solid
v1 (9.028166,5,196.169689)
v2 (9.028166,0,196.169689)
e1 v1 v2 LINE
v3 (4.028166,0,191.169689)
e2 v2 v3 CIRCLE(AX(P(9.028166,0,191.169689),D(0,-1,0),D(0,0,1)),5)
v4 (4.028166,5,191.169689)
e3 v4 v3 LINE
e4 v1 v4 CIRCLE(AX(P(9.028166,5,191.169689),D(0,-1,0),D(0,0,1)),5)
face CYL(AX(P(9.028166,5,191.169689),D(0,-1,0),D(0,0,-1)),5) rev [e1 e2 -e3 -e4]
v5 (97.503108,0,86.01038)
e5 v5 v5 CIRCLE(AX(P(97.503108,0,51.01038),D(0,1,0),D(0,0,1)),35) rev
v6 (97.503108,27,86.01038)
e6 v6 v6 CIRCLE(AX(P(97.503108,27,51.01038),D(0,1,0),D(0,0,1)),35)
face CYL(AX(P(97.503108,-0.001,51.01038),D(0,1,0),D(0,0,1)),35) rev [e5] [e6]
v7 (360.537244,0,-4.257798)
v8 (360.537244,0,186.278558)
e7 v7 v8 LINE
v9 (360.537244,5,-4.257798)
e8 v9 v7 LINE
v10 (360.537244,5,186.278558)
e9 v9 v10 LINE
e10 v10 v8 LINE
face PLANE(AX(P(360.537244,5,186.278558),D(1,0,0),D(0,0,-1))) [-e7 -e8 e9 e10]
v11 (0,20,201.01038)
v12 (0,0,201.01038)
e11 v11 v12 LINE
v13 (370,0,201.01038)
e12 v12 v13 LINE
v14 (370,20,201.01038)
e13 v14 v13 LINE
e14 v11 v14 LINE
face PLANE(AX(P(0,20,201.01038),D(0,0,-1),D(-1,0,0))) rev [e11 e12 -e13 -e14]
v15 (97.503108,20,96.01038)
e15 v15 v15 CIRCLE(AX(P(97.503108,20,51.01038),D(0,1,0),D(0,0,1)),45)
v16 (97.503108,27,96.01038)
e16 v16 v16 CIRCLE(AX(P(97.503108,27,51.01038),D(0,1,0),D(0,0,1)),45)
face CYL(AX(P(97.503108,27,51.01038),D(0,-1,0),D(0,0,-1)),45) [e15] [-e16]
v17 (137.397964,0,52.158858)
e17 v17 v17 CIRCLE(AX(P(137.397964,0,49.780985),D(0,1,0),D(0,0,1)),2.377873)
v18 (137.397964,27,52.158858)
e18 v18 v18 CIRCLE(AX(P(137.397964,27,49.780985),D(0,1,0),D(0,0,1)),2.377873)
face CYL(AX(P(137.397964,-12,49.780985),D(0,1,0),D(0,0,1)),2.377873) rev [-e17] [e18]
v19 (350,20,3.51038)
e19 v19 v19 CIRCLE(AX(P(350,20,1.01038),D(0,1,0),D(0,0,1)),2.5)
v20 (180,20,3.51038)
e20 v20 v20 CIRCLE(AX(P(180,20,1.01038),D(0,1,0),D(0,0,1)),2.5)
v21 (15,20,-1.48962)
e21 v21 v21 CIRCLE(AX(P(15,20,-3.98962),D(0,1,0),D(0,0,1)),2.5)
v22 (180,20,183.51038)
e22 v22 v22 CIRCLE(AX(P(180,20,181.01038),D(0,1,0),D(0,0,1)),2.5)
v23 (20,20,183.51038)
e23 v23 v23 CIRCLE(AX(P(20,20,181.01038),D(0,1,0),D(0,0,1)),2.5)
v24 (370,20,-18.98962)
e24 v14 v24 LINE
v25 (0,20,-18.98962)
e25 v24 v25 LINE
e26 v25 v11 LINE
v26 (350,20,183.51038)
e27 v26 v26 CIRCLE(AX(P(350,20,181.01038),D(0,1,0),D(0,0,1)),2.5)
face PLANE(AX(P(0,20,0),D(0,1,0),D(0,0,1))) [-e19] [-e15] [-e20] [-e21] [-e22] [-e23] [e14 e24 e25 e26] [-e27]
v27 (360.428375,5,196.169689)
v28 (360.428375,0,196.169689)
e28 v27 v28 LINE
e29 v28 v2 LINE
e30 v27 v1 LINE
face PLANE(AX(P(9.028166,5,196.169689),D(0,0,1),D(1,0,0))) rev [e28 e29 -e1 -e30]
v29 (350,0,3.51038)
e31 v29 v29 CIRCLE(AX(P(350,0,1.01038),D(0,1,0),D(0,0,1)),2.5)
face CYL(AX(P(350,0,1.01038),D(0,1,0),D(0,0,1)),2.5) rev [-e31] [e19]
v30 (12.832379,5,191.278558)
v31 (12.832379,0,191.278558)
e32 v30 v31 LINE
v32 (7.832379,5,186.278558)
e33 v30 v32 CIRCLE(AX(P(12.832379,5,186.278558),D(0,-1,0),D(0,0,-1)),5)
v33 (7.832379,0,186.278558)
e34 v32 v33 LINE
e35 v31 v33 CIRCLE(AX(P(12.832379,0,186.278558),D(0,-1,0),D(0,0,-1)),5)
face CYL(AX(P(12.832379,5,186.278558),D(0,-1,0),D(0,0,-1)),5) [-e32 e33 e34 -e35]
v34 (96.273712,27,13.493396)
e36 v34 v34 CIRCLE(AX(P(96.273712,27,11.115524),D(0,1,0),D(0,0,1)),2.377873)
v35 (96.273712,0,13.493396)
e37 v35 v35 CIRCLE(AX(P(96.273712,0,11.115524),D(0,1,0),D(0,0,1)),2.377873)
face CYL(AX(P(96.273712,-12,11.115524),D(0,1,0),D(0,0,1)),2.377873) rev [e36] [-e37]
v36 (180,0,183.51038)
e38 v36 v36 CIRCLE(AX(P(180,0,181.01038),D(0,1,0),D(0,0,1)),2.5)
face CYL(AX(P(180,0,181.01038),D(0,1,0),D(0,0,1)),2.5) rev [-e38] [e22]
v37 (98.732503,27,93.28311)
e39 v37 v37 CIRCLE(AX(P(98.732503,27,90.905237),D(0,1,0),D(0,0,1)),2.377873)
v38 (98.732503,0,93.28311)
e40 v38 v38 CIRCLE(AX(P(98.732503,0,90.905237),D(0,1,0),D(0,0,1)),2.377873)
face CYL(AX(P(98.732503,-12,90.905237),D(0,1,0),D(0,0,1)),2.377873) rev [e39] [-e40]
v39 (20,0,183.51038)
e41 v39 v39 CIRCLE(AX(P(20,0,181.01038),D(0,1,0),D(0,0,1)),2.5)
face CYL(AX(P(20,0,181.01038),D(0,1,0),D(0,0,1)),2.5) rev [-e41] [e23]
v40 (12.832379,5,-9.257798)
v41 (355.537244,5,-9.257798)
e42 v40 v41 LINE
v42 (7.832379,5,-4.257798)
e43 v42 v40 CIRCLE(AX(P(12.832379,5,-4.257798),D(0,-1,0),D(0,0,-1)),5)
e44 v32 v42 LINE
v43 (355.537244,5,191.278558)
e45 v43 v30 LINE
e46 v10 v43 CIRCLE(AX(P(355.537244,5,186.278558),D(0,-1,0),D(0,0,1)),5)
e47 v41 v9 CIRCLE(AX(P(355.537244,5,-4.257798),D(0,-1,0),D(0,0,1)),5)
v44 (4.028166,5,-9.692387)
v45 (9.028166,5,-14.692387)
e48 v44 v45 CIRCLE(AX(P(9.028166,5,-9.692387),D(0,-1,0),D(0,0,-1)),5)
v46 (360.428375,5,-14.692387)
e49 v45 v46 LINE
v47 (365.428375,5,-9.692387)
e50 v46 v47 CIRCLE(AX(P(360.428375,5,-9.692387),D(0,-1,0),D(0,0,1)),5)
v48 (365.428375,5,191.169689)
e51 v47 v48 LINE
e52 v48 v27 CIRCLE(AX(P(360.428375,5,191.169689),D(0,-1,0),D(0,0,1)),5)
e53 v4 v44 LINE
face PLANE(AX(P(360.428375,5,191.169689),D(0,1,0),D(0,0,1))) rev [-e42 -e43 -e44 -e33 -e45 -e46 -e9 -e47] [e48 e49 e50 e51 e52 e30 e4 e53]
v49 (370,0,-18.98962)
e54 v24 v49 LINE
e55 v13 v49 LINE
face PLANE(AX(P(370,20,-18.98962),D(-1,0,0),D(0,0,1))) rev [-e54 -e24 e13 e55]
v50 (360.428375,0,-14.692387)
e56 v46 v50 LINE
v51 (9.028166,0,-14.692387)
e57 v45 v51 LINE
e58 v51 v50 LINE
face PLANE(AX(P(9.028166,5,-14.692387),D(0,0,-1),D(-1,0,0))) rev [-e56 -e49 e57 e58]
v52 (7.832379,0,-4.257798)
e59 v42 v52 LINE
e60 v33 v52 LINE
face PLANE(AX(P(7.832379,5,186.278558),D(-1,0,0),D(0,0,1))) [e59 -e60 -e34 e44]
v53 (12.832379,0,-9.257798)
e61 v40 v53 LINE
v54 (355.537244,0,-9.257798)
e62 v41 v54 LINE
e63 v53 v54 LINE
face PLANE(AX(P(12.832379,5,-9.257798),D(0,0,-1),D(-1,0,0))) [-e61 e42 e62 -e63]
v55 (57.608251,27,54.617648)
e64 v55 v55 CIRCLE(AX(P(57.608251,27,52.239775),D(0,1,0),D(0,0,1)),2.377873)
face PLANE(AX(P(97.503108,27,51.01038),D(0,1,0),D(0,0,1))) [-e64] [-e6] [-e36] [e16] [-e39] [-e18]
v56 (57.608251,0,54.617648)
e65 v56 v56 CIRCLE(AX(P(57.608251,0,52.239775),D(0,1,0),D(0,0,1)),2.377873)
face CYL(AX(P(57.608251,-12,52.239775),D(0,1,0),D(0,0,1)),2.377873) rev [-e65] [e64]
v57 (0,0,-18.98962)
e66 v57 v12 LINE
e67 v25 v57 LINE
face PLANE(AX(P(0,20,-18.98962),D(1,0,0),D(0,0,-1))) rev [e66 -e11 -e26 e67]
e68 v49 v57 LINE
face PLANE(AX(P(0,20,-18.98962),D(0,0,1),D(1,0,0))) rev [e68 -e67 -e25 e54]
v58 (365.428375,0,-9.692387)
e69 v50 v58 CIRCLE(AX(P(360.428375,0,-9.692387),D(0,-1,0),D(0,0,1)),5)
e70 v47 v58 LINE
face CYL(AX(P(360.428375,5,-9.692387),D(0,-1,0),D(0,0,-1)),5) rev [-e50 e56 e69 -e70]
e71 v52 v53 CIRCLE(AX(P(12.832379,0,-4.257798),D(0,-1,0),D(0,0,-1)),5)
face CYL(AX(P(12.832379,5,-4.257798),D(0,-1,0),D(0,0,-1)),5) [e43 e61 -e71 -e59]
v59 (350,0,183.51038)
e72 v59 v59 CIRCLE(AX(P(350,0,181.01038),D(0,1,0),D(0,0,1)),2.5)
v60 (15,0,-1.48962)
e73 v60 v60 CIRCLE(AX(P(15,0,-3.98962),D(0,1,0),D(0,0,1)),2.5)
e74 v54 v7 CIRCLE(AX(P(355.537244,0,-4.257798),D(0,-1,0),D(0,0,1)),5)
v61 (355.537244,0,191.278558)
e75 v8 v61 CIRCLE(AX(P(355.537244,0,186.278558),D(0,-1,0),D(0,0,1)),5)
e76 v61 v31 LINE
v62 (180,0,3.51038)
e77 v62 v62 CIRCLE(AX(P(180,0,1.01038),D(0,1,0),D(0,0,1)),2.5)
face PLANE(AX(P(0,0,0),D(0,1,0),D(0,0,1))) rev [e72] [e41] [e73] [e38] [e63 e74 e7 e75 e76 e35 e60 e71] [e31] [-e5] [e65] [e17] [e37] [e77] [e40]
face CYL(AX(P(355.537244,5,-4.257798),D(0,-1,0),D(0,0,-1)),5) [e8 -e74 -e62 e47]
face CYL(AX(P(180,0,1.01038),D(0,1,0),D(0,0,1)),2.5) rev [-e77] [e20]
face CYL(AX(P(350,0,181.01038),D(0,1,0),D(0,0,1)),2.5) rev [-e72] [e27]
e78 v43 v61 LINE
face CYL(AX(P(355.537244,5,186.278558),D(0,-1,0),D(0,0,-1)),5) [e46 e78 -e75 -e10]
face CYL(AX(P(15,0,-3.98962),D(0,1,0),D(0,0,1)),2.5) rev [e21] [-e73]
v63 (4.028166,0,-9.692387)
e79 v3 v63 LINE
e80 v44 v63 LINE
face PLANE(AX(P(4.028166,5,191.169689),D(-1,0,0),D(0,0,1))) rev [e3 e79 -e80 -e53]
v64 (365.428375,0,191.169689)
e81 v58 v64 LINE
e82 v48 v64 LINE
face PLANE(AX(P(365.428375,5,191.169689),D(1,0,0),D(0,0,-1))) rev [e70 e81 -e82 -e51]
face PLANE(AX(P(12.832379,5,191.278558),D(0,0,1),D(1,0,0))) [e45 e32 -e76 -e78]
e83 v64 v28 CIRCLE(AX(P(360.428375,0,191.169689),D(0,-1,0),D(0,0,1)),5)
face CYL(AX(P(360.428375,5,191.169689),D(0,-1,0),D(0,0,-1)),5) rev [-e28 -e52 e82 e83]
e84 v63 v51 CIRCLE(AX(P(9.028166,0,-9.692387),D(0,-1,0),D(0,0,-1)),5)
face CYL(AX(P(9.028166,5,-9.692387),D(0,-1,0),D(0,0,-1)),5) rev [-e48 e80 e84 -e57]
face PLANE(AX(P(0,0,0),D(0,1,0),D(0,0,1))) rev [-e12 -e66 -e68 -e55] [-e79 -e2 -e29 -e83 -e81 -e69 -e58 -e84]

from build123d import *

# Parameters (mm, degrees)
SKETCH_2_W          = 370
SKETCH_2_H          = 220
EXTRUDE_1_DEPTH     = 20
SKETCH_3_R          = 2.5
CUT_EXTRUDE_1_DEPTH = 20
CUT_EXTRUDE_2_REACH = 423.551
SKETCH_4_R          = 35
SKETCH_5_R          = 45
EXTRUDE_2_DEPTH     = 7
SKETCH_6_R          = 35
CUT_EXTRUDE_3_DEPTH = 39
SKETCH_7_R          = 2.377872616
CUT_EXTRUDE_4_DEPTH = 39
CUT_EXTRUDE_5_DEPTH = 5


with BuildPart() as part:
    # 草图2 → 凸台-拉伸1 (new body)
    with BuildSketch(Plane(origin=(0, 0, 0), x_dir=(1, 0, 0), z_dir=(0, 1, 0))):
        with Locations((185, -91.010380349)):
            Rectangle(SKETCH_2_W, SKETCH_2_H)
    extrude(amount=EXTRUDE_1_DEPTH)

    # 草图3 → 切除-拉伸1 (cut)
    with BuildSketch(Plane(origin=(0, 20, 0), x_dir=(1, 0, 0), z_dir=(0, 1, 0))):
        with Locations(Location((15, 3.989619651, 0), (0, 0, 270))):
            Circle(SKETCH_3_R)
        with Locations(Location((20, -181.010380349, 0), (0, 0, 270))):
            Circle(SKETCH_3_R)
        with Locations(Location((350, -1.010380349, 0), (0, 0, 270))):
            Circle(SKETCH_3_R)
        with Locations(Location((350, -181.010380349, 0), (0, 0, 270))):
            Circle(SKETCH_3_R)
        with Locations(Location((180, -1.010380349, 0), (0, 0, 270))):
            Circle(SKETCH_3_R)
        with Locations(Location((180, -181.010380349, 0), (0, 0, 270))):
            Circle(SKETCH_3_R)
    extrude(amount=-CUT_EXTRUDE_1_DEPTH, mode=Mode.SUBTRACT)

    # 草图4 → 切除-拉伸2 (cut, up to next)
    with BuildSketch(Plane(origin=(0, 20, 0), x_dir=(1, 0, 0), z_dir=(0, 1, 0)), mode=Mode.PRIVATE) as cut_extrude_2_sk1:
        with Locations(Location((97.503107502, -51.010380349, 0), (0, 0, 270))):
            Circle(SKETCH_4_R)
    cut_extrude_2_tool1 = extrude(cut_extrude_2_sk1.sketch, amount=-CUT_EXTRUDE_2_REACH, mode=Mode.PRIVATE) & part.part
    add(cut_extrude_2_tool1.solids().sort_by_distance((97.503108, 20, 51.01038))[0], mode=Mode.SUBTRACT)

    # 草图5 → 凸台-拉伸2 (add)
    with BuildSketch(Plane(origin=(0, 20, 0), x_dir=(1, 0, 0), z_dir=(0, 1, 0))):
        with Locations(Location((97.503107502, -51.010380349, 0), (0, 0, 270))):
            Circle(SKETCH_5_R)
    extrude(amount=EXTRUDE_2_DEPTH)

    # 草图6 → 切除-拉伸3 (cut)
    with BuildSketch(Plane(origin=(0, 27, 0), x_dir=(1, 0, 0), z_dir=(0, 1, 0))):
        with Locations(Location((97.503107502, -51.010380349, 0), (0, 0, 270))):
            Circle(SKETCH_6_R)
    extrude(amount=-CUT_EXTRUDE_3_DEPTH, mode=Mode.SUBTRACT)

    # 草图7 → 切除-拉伸4 (cut)
    with BuildSketch(Plane(origin=(0, 27, 0), x_dir=(1, 0, 0), z_dir=(0, 1, 0))):
        with Locations(Location((96.273712382, -11.115523536, 0), (0, 0, 270))):
            Circle(SKETCH_7_R)
        with Locations(Location((137.397964314, -49.78098523, 0), (0, 0, 270))):
            Circle(SKETCH_7_R)
        with Locations(Location((98.732502621, -90.905237161, 0), (0, 0, 270))):
            Circle(SKETCH_7_R)
        with Locations(Location((57.608250689, -52.239775468, 0), (0, 0, 270))):
            Circle(SKETCH_7_R)
    extrude(amount=-CUT_EXTRUDE_4_DEPTH, mode=Mode.SUBTRACT)

    # 草图9 → 切除-拉伸5 (cut)
    with BuildSketch(Plane(origin=(0, 0, 0), x_dir=(-1, 0, 0), z_dir=(0, -1, 0))):
        with BuildLine():
            Line((-9.028166447, -196.169689035), (-360.428374593, -196.169689035))
            ThreePointArc((-360.428374593, -196.169689035), (-363.963908499, -194.705222941), (-365.428374593, -191.169689035))
            Line((-365.428374593, -191.169689035), (-365.428374593, 9.692387297))
            ThreePointArc((-365.428374593, 9.692387297), (-363.963908499, 13.227921203), (-360.428374593, 14.692387297))
            Line((-360.428374593, 14.692387297), (-9.028166447, 14.692387297))
            ThreePointArc((-9.028166447, 14.692387297), (-5.492632541, 13.227921203), (-4.028166447, 9.692387297))
            Line((-4.028166447, 9.692387297), (-4.028166447, -191.169689035))
            ThreePointArc((-4.028166447, -191.169689035), (-5.492632541, -194.705222941), (-9.028166447, -196.169689035))
        make_face()
        with BuildLine():
            Line((-12.832379165, -191.278558398), (-355.537243956, -191.278558398))
            ThreePointArc((-355.537243956, -191.278558398), (-359.072777862, -189.814092304), (-360.537243956, -186.278558398))
            Line((-360.537243956, -186.278558398), (-360.537243956, 4.257797701))
            ThreePointArc((-360.537243956, 4.257797701), (-359.072777862, 7.793331607), (-355.537243956, 9.257797701))
            Line((-355.537243956, 9.257797701), (-12.832379165, 9.257797701))
            ThreePointArc((-12.832379165, 9.257797701), (-9.296845259, 7.793331607), (-7.832379165, 4.257797701))
            Line((-7.832379165, 4.257797701), (-7.832379165, -186.278558398))
            ThreePointArc((-7.832379165, -186.278558398), (-9.296845259, -189.814092304), (-12.832379165, -191.278558398))
        make_face(mode=Mode.SUBTRACT)
    extrude(amount=-CUT_EXTRUDE_5_DEPTH, mode=Mode.SUBTRACT)


solid = part.part
